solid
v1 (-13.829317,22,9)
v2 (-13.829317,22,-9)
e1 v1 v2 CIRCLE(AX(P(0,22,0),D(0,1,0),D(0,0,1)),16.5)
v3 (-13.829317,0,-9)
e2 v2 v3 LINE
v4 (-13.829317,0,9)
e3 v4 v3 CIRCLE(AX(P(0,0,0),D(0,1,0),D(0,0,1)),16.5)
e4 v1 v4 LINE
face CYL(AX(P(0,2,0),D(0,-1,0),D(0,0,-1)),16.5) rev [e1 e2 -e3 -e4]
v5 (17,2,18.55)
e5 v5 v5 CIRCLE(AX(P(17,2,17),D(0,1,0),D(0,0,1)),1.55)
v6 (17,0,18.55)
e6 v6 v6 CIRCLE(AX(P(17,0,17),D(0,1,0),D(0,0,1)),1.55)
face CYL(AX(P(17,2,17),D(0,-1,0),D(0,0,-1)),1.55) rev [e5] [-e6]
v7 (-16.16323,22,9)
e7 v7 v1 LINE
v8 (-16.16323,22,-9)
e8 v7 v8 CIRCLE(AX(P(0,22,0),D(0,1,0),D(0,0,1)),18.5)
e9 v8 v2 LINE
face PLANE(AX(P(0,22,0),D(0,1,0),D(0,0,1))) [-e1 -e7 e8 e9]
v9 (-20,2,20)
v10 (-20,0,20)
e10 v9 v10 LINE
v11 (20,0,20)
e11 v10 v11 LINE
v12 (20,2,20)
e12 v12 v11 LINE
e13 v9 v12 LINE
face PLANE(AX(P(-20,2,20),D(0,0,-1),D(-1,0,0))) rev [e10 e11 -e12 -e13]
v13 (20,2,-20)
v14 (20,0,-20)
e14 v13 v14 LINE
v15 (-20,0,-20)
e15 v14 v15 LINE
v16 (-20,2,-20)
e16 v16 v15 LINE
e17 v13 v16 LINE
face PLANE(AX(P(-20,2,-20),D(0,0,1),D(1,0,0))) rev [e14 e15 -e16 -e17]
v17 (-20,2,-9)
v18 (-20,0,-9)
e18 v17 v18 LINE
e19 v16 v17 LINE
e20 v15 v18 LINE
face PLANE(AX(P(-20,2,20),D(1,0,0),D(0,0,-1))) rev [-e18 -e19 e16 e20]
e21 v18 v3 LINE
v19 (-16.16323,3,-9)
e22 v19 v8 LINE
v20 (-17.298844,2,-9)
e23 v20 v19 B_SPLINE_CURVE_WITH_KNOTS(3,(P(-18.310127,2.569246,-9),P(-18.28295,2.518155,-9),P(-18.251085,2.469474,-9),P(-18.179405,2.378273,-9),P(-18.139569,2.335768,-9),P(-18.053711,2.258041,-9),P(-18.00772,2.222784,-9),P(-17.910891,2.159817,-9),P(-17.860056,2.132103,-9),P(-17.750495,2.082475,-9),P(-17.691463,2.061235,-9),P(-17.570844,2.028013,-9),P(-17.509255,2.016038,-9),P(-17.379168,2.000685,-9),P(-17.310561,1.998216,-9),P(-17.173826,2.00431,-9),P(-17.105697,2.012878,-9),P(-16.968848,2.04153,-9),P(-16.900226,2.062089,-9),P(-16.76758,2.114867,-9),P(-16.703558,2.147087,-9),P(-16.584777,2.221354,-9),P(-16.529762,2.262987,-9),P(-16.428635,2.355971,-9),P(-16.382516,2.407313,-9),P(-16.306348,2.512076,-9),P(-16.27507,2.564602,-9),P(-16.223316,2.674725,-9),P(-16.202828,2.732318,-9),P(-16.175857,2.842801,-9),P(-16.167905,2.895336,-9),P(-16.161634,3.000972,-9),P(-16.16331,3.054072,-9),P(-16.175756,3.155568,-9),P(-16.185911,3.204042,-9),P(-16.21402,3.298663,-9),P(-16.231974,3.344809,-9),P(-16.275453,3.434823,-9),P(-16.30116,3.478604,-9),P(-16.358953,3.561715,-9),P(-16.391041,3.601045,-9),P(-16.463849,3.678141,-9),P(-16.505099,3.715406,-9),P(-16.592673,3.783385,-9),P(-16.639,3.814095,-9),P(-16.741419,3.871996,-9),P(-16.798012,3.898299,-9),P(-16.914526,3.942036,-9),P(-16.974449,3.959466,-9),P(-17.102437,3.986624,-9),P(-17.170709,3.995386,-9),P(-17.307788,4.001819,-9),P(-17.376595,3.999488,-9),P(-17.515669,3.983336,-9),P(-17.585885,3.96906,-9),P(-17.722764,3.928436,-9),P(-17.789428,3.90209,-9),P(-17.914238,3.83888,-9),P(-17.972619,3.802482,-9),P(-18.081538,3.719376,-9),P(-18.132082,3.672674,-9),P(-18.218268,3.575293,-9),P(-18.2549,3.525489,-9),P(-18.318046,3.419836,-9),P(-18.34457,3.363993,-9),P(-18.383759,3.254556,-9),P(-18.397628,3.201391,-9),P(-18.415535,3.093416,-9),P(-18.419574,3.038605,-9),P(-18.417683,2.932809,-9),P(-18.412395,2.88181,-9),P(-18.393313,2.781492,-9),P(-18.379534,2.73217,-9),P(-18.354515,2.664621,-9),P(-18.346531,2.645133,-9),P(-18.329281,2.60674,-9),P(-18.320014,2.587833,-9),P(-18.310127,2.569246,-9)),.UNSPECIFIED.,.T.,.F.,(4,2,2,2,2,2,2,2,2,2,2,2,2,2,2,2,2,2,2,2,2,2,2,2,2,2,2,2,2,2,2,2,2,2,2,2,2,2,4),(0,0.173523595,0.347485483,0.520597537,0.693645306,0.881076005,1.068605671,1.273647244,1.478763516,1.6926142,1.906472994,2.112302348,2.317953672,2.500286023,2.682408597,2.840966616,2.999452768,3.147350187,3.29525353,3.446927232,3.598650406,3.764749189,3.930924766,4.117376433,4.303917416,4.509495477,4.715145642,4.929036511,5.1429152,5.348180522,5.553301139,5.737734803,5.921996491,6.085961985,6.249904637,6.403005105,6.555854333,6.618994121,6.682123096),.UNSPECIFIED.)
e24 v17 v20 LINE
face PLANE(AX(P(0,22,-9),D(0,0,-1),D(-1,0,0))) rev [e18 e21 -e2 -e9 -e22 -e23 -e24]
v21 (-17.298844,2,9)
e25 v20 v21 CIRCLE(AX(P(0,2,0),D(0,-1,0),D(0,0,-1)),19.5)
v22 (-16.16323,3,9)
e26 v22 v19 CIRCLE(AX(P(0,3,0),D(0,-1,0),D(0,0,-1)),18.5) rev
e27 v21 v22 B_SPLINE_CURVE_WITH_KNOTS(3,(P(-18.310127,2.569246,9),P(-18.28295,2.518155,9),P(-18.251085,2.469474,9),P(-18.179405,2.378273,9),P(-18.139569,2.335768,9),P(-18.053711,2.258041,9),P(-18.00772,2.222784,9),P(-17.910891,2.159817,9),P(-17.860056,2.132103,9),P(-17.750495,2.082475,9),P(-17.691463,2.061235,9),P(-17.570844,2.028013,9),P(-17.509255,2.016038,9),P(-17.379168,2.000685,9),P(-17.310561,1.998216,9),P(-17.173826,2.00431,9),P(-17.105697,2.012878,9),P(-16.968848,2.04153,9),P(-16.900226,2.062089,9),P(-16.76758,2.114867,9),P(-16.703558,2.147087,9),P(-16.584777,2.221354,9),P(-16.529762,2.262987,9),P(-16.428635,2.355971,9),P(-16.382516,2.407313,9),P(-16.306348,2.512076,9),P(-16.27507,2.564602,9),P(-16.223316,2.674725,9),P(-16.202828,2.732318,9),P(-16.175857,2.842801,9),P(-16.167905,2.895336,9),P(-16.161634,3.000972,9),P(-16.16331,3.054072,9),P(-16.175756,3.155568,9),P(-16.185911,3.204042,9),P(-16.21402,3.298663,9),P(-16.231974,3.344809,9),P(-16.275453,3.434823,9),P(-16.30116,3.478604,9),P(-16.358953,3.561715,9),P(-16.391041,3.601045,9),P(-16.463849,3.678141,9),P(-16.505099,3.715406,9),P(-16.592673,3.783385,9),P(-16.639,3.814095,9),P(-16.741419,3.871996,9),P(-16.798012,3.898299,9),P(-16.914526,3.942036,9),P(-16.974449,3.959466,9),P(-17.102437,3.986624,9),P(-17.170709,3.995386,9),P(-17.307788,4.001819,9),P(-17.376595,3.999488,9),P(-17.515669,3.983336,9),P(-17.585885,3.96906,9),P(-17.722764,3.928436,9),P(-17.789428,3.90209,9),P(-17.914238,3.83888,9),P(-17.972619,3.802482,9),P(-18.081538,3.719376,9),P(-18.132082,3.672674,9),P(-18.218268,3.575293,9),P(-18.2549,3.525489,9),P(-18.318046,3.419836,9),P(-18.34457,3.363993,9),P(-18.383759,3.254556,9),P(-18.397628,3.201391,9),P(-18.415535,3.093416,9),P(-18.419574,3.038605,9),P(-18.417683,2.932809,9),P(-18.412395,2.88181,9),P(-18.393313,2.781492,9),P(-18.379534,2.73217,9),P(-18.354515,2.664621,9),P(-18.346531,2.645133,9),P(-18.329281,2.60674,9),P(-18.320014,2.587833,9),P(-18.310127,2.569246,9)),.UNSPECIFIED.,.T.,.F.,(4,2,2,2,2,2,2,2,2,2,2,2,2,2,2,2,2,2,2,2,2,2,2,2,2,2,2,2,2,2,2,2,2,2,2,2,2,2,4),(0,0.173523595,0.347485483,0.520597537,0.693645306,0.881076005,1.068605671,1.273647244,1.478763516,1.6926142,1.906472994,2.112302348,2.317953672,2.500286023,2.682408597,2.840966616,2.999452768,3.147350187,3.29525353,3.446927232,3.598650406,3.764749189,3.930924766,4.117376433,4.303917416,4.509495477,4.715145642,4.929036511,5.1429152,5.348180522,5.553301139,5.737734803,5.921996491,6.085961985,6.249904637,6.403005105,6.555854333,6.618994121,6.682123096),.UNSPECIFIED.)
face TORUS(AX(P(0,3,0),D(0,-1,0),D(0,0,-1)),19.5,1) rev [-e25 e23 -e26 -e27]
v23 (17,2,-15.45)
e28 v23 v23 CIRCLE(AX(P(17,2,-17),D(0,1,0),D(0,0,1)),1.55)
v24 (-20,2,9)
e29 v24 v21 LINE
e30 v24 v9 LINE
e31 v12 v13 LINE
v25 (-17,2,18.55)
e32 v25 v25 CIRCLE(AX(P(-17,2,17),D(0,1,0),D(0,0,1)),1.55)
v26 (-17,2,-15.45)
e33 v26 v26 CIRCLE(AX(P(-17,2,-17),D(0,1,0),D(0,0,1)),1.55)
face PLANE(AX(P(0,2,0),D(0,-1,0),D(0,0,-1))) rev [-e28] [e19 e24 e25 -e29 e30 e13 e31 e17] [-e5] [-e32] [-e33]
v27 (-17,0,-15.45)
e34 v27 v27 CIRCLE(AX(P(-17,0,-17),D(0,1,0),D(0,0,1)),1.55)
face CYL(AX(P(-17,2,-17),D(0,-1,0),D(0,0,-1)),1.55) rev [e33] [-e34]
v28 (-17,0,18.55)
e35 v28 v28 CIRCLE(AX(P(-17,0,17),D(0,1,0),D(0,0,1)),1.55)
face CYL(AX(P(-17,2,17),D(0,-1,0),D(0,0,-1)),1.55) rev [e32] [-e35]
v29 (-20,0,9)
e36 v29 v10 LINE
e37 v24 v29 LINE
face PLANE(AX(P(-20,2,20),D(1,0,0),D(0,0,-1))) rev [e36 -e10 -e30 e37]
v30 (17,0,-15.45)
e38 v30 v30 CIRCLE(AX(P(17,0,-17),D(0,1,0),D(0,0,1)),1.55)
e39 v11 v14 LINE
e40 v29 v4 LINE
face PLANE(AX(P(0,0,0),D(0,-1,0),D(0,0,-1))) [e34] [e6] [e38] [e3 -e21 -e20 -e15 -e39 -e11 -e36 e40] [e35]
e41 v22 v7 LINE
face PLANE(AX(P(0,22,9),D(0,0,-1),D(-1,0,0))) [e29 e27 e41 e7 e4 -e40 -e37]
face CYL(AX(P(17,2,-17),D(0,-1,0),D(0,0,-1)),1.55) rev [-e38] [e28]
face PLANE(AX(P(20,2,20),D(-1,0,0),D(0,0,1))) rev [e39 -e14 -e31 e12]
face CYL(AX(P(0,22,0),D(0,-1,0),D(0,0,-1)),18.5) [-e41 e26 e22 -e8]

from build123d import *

# Parameters (mm, degrees)
SKETCH_1_W          = 40
SKETCH_1_H          = 40
SKETCH_1_R          = 1.55
SKETCH_1_R_2        = 16.5
EXTRUDE_1_DEPTH     = 2
SKETCH_2_R          = 18.5
SKETCH_2_R_2        = 16.5
EXTRUDE_2_DEPTH     = 20
FILLET_1_R          = 1
CUT_EXTRUDE_1_DEPTH = 36.832945734


with BuildPart() as part:
    # 草图1 → 凸台-拉伸1 (new body)
    with BuildSketch(Plane(origin=(0, 0, 0), x_dir=(1, 0, 0), z_dir=(0, 1, 0))):
        Rectangle(SKETCH_1_W, SKETCH_1_H)
        with Locations(Location((-17, 17, 0), (0, 0, 270))):
            Circle(SKETCH_1_R, mode=Mode.SUBTRACT)
        with Locations(Location((17, 17, 0), (0, 0, 270))):
            Circle(SKETCH_1_R, mode=Mode.SUBTRACT)
        with Locations(Location((17, -17, 0), (0, 0, 270))):
            Circle(SKETCH_1_R, mode=Mode.SUBTRACT)
        with Locations(Location((-17, -17, 0), (0, 0, 270))):
            Circle(SKETCH_1_R, mode=Mode.SUBTRACT)
        with Locations(Location((0, 0, 0), (0, 0, 270))):
            Circle(SKETCH_1_R_2, mode=Mode.SUBTRACT)
    extrude(amount=EXTRUDE_1_DEPTH)

    # 草图2 → 凸台-拉伸2 (add)
    with BuildSketch(Plane(origin=(0, 2, 0), x_dir=(1, 0, 0), z_dir=(0, 1, 0))):
        with Locations(Location((0, 0, 0), (0, 0, 270))):
            Circle(SKETCH_2_R)
        with Locations(Location((0, 0, 0), (0, 0, 270))):
            Circle(SKETCH_2_R_2, mode=Mode.SUBTRACT)
    extrude(amount=EXTRUDE_2_DEPTH)

    # 圆角1
    fillet_1_edges = [part.edges().sort_by_distance(p)[0] for p in [
        (0, 2, -18.5),
    ]]
    fillet(fillet_1_edges, radius=FILLET_1_R)

    # 草图3 → 切除-拉伸1 (cut, through all)
    with BuildSketch(Plane.XZ):
        with BuildLine():
            ThreePointArc((-13.829316686, -9), (-15.818244614, -4.693946883), (-16.5, 0))
            ThreePointArc((-16.5, 0), (-15.818244614, 4.693946883), (-13.829316686, 9))
            Line((-13.829316686, 9), (-20, 9))
            Line((-20, 9), (-20, -9))
            Line((-20, -9), (-13.829316686, -9))
        make_face()
    extrude(amount=-CUT_EXTRUDE_1_DEPTH, mode=Mode.SUBTRACT)


solid = part.part
